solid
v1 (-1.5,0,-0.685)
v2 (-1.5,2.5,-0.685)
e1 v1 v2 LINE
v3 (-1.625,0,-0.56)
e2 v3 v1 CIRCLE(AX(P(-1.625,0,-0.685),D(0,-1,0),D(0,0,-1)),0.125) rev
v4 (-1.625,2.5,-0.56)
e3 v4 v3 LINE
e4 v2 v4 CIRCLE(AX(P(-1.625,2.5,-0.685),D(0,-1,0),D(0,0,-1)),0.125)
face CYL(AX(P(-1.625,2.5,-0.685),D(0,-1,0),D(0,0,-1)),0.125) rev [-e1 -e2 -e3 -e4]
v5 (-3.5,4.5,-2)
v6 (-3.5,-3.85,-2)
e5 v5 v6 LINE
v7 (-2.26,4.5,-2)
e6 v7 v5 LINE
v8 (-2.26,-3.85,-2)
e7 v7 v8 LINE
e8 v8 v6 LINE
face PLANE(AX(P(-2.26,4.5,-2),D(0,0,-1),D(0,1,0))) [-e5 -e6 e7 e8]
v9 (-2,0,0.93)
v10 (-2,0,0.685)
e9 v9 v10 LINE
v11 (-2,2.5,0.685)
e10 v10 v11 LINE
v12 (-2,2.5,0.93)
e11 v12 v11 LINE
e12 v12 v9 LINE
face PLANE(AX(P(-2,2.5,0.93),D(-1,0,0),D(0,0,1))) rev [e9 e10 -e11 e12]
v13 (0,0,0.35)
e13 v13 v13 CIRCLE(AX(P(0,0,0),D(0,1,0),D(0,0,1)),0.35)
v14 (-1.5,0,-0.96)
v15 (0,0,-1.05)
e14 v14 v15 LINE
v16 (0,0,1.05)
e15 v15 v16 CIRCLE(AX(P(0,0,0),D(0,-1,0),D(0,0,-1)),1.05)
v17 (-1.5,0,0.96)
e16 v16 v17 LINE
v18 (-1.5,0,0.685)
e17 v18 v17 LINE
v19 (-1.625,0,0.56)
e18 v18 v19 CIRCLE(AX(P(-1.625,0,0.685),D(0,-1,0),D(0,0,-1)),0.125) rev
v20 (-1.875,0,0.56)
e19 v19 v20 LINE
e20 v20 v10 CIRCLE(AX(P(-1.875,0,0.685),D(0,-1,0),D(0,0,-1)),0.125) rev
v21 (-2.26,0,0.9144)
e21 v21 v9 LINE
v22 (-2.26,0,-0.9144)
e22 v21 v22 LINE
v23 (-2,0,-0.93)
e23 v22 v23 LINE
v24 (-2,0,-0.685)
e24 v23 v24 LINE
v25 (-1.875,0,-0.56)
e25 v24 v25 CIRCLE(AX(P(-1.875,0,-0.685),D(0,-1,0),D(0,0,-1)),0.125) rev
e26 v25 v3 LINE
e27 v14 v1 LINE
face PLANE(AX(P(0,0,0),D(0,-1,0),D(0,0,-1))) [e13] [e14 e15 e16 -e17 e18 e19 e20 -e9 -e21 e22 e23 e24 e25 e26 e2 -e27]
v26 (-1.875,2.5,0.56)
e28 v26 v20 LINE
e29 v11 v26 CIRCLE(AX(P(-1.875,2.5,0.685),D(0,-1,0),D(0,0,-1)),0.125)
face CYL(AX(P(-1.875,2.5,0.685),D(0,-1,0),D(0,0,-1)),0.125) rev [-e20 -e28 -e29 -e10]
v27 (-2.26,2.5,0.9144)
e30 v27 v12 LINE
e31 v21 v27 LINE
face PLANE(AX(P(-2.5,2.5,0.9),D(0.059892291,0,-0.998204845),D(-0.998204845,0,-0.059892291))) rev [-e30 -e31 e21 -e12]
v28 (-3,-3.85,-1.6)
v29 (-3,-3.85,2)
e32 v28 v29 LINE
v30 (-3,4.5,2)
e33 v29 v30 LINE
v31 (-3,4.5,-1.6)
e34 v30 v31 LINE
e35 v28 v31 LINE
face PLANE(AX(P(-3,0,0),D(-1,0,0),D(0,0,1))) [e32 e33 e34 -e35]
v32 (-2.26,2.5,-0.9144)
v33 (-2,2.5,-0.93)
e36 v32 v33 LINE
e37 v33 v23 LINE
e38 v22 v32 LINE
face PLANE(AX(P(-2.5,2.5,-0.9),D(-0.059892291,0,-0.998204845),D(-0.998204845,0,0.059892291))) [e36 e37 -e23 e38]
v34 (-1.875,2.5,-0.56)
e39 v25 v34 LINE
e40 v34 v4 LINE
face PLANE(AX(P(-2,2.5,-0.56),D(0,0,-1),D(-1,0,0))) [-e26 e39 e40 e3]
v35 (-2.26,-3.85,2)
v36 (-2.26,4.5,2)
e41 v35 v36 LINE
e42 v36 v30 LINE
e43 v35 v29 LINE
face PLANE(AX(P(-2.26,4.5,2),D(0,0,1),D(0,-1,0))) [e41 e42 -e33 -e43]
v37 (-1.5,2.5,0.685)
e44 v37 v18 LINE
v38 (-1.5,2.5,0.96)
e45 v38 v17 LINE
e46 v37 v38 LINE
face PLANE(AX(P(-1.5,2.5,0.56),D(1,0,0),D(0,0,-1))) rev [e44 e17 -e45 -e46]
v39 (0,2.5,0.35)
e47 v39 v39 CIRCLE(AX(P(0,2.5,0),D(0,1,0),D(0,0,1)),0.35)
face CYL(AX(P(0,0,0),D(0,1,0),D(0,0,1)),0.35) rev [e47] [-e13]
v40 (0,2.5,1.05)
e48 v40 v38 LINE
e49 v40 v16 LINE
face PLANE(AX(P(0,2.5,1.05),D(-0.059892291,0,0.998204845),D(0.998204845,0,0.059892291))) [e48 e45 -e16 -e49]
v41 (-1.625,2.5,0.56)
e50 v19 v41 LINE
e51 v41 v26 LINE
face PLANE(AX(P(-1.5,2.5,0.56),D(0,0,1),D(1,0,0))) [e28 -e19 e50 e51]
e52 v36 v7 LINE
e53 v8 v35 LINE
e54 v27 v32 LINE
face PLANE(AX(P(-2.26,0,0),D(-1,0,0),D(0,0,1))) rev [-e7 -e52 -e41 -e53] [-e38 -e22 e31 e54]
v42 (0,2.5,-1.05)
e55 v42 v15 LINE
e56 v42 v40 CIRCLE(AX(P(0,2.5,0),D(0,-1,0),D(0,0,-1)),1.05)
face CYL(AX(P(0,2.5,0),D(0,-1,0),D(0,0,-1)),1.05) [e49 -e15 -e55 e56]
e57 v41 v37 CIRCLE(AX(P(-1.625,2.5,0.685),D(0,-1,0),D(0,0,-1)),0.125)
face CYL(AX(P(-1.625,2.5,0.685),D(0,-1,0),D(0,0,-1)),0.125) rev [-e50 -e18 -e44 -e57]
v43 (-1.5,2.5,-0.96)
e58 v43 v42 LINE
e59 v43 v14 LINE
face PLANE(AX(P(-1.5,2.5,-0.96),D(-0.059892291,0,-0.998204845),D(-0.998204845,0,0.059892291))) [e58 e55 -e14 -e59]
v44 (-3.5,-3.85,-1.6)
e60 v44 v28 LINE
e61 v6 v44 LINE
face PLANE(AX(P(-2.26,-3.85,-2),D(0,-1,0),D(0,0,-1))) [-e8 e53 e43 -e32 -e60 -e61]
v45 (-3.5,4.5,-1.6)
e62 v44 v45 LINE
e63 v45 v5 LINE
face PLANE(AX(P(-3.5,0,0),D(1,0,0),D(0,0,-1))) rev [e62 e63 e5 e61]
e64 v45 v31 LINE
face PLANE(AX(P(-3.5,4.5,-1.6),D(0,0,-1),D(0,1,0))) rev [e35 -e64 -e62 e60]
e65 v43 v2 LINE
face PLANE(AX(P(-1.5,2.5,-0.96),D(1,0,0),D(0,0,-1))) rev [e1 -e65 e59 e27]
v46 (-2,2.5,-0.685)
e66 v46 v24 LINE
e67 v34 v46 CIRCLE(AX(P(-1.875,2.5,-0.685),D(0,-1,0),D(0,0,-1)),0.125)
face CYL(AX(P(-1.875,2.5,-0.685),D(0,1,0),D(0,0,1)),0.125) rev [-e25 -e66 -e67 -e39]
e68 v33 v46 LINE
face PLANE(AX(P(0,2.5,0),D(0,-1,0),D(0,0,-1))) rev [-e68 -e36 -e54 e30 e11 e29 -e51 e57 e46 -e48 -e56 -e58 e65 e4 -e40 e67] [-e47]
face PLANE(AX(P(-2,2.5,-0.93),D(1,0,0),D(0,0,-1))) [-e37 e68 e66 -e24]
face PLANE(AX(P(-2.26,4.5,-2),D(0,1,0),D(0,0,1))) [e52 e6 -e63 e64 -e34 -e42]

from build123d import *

# Parameters (mm, degrees)
BOSS_EXTRUDE1_DEPTH      = 2.5
SKETCH4_R                = 0.35
THROUGH_HOLES_DEPTH      = 4.688156721
FILLET1_R                = 0.125
BOSS_EXTRUDE4_DEPTH      = 0.5
BOSS_EXTRUDE4_DEPTH_BACK = 0.24
SKETCH11_W               = 4
SKETCH11_H               = 8.35
SKETCH12_W               = 0.4
SKETCH12_H               = 8.35
BOSS_EXTRUDE5_DEPTH      = 0.5


with BuildPart() as part:
    # Sketch3 → Boss-Extrude1 (new body)
    with BuildSketch(Plane(origin=(0, 0, 0), x_dir=(1, 0, 0), z_dir=(0, 1, 0))):
        with BuildLine():
            Line((-2.5, 0.9), (-2, 0.93))
            Line((-2, 0.93), (-2, 0.56))
            Line((-2, 0.56), (-1.5, 0.56))
            Line((-1.5, 0.56), (-1.5, 0.96))
            Line((-1.5, 0.96), (0, 1.05))
            ThreePointArc((0, 1.05), (1.05, 0), (0, -1.05))
            Line((0, -1.05), (-1.5, -0.96))
            Line((-1.5, -0.96), (-1.5, -0.56))
            Line((-1.5, -0.56), (-2, -0.56))
            Line((-2, -0.56), (-2, -0.93))
            Line((-2, -0.93), (-2.5, -0.9))
            Line((-2.5, -0.9), (-2.5, 0.9))
        make_face()
    extrude(amount=BOSS_EXTRUDE1_DEPTH)

    # Sketch4 → Through Holes (cut, through all)
    with BuildSketch(Plane(origin=(0, 2.5, 0), x_dir=(1, 0, 0), z_dir=(0, 1, 0))):
        with Locations(Location((0, 0, 0), (0, 0, 270))):
            Circle(SKETCH4_R)
    extrude(amount=-THROUGH_HOLES_DEPTH, mode=Mode.SUBTRACT)

    # Fillet1
    fillet1_edges = [part.edges().sort_by_distance(p)[0] for p in [
        (-2, 1.25, -0.56),
        (-1.5, 1.25, -0.56),
        (-1.5, 1.25, 0.56),
        (-2, 1.25, 0.56),
    ]]
    fillet(fillet1_edges, radius=FILLET1_R)

    # Sketch11 → Boss-Extrude4 (add, two sides: drawn at the far end of the back side and taken through both)
    with BuildSketch(Plane.ZY.offset(2.5).offset(-BOSS_EXTRUDE4_DEPTH_BACK)):
        with Locations((0, 0.325)):
            Rectangle(SKETCH11_W, SKETCH11_H)
    extrude(amount=BOSS_EXTRUDE4_DEPTH + BOSS_EXTRUDE4_DEPTH_BACK)

    # Sketch12 → Boss-Extrude5 (add)
    with BuildSketch(Plane.ZY.offset(3)):
        with Locations((-1.8, 0.325)):
            Rectangle(SKETCH12_W, SKETCH12_H)
    extrude(amount=BOSS_EXTRUDE5_DEPTH)


solid = part.part
